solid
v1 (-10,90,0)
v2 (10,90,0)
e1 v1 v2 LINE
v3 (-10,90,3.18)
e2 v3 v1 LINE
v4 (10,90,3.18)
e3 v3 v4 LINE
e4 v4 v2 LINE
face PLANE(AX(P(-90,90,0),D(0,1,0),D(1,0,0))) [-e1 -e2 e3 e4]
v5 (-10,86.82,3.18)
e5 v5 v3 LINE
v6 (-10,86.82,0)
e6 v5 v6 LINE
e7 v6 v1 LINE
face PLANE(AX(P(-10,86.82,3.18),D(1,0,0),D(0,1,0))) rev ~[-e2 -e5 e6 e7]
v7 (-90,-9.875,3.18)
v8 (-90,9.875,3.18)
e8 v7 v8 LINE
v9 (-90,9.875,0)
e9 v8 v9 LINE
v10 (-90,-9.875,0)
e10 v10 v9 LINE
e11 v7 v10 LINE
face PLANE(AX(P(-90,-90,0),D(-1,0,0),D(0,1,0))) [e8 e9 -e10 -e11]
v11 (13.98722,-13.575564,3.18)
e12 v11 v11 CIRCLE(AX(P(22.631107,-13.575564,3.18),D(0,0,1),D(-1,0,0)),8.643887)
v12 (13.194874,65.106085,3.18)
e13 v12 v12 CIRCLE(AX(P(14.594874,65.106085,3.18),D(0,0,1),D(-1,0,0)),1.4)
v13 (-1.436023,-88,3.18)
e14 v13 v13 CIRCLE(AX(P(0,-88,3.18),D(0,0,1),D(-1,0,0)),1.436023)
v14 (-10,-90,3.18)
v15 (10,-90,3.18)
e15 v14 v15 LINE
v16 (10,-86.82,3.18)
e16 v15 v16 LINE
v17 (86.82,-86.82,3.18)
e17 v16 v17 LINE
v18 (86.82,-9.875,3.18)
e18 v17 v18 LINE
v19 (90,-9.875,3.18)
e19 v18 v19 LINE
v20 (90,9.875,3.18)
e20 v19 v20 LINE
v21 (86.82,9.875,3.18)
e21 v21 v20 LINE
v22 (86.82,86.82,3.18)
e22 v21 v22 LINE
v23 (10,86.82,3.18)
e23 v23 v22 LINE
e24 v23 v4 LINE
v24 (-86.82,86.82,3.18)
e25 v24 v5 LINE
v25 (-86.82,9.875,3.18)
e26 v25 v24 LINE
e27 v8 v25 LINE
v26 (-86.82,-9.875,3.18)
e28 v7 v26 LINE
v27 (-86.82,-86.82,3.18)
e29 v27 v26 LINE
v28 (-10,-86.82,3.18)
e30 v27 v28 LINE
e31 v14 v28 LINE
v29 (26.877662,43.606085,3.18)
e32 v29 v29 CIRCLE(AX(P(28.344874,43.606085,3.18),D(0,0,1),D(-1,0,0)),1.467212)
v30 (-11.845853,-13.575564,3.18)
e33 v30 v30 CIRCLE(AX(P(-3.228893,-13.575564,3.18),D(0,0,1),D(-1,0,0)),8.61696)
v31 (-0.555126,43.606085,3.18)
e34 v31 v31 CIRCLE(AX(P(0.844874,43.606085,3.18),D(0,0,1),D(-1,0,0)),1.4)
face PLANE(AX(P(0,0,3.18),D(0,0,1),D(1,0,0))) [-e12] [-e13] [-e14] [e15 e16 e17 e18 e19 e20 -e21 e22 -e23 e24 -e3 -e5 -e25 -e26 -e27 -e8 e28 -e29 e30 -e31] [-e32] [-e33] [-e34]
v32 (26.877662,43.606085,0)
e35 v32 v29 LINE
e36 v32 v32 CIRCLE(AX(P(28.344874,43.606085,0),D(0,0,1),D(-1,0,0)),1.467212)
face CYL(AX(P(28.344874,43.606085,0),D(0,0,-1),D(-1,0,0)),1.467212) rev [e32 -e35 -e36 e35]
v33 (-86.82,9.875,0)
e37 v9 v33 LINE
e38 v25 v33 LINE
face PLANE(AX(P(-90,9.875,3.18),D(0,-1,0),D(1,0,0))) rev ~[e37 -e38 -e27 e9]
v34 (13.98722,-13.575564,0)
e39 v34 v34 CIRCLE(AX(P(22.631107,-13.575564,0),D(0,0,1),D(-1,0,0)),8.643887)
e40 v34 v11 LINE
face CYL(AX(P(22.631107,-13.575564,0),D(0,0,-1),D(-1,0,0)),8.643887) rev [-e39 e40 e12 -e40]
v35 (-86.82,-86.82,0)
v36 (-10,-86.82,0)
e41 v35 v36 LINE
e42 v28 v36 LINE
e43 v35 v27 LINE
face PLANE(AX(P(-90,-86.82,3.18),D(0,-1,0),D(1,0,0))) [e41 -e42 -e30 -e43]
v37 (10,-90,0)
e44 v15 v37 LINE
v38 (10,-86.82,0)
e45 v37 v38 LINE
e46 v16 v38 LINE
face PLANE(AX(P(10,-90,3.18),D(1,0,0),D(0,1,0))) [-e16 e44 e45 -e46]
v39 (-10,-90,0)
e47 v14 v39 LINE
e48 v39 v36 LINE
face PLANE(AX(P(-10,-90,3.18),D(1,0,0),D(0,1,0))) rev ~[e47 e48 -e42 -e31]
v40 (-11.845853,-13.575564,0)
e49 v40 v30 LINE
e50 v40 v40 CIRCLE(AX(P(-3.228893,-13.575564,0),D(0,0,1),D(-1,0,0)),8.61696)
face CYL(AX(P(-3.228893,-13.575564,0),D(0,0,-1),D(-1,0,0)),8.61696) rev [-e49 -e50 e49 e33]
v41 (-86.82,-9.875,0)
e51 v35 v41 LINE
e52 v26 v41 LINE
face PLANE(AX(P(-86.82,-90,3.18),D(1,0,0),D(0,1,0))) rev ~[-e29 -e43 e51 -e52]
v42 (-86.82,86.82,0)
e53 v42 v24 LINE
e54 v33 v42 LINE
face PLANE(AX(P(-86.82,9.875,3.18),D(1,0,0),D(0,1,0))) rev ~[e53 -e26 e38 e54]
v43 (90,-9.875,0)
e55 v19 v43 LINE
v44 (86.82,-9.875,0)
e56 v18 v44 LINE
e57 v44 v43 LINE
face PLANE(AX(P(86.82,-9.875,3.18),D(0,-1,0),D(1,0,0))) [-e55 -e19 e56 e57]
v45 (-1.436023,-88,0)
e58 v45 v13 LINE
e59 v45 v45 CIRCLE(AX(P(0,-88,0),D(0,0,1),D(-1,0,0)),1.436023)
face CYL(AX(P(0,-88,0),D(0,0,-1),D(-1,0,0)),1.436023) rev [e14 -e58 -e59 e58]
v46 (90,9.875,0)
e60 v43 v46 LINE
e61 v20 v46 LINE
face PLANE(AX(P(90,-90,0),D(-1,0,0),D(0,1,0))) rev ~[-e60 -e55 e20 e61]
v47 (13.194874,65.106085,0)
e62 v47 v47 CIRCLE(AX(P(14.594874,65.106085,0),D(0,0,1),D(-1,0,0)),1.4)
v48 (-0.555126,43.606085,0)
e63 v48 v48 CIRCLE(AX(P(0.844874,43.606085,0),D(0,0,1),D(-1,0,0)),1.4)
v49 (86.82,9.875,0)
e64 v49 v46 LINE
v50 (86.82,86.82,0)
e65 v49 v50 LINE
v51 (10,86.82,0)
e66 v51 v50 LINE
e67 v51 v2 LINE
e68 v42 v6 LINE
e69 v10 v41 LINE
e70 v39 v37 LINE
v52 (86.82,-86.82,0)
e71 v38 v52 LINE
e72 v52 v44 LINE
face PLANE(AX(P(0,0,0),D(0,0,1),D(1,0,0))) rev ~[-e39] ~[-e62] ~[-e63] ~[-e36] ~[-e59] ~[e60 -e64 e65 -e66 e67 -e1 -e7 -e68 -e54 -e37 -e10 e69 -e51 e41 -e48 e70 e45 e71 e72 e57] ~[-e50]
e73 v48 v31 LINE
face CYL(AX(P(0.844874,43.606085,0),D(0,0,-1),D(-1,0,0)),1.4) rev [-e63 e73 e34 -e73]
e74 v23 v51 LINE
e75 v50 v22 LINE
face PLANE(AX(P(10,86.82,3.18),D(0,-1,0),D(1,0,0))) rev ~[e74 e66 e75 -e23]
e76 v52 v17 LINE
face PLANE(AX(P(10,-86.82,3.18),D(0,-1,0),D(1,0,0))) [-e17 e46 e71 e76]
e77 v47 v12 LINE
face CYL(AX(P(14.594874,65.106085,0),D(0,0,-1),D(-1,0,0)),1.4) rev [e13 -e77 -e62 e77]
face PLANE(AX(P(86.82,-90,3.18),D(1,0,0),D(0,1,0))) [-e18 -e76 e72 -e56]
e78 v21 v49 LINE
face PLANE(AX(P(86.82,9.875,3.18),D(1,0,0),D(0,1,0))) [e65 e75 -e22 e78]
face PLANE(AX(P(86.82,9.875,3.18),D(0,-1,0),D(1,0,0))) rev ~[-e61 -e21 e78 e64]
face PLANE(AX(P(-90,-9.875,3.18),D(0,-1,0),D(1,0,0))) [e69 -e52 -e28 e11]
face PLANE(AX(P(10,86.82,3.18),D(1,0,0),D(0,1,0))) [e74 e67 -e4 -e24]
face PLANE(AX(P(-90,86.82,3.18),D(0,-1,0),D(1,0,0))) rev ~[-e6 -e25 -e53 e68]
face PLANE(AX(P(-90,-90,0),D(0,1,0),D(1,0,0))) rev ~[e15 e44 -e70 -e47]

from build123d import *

# Parameters (mm, degrees)
SKETCH3_W           = 180
SKETCH3_H           = 180
SKETCH3_R           = 8.616960002
SKETCH3_R_2         = 8.643887018
SKETCH3_R_3         = 1.43602308
SKETCH3_R_4         = 1.4
SKETCH3_R_5         = 1.467212263
BOSS_EXTRUDE1_DEPTH = 3.18
SKETCH4_W           = 80
SKETCH4_H           = 3.18
CUT_EXTRUDE1_DEPTH  = 128.318939675
SKETCH5_W           = 3.18
SKETCH5_H           = 80.125
CUT_EXTRUDE2_DEPTH  = 128.318939675


with BuildPart() as part:
    # Sketch3 → Boss-Extrude1 (new body)
    with BuildSketch(Plane.XY):
        Rectangle(SKETCH3_W, SKETCH3_H)
        with Locations(Location((-3.22889268, -13.57556396, 0), (0, 0, 180))):
            Circle(SKETCH3_R, mode=Mode.SUBTRACT)
        with Locations(Location((22.63110732, -13.57556396, 0), (0, 0, 180))):
            Circle(SKETCH3_R_2, mode=Mode.SUBTRACT)
        with Locations(Location((0, -88, 0), (0, 0, 180))):
            Circle(SKETCH3_R_3, mode=Mode.SUBTRACT)
        with Locations(Location((0.844873764, 43.606084924, 0), (0, 0, 180))):
            Circle(SKETCH3_R_4, mode=Mode.SUBTRACT)
        with Locations(Location((14.594873764, 65.106084924, 0), (0, 0, 180))):
            Circle(SKETCH3_R_4, mode=Mode.SUBTRACT)
        with Locations(Location((28.344873764, 43.606084924, 0), (0, 0, 180))):
            Circle(SKETCH3_R_5, mode=Mode.SUBTRACT)
    extrude(amount=BOSS_EXTRUDE1_DEPTH)

    # Sketch4 → Cut-Extrude1 (cut, through all)
    with BuildSketch(Plane.XY.offset(3.18)):
        with Locations((50, -88.41)):
            Rectangle(SKETCH4_W, SKETCH4_H)
        with Locations((-50, 88.41)):
            Rectangle(SKETCH4_W, SKETCH4_H)
        with Locations((50, 88.41)):
            Rectangle(SKETCH4_W, SKETCH4_H)
        with Locations((-50, -88.41)):
            Rectangle(SKETCH4_W, SKETCH4_H)
    extrude(amount=-CUT_EXTRUDE1_DEPTH, mode=Mode.SUBTRACT)

    # Sketch5 → Cut-Extrude2 (cut, through all)
    with BuildSketch(Plane.XY.offset(3.18)):
        with Locations((-88.41, 49.9375)):
            Rectangle(SKETCH5_W, SKETCH5_H)
        with Locations((-88.41, -49.9375)):
            Rectangle(SKETCH5_W, SKETCH5_H)
        with Locations((88.41, -49.9375)):
            Rectangle(SKETCH5_W, SKETCH5_H)
        with Locations((88.41, 49.9375)):
            Rectangle(SKETCH5_W, SKETCH5_H)
    extrude(amount=-CUT_EXTRUDE2_DEPTH, mode=Mode.SUBTRACT)


solid = part.part
